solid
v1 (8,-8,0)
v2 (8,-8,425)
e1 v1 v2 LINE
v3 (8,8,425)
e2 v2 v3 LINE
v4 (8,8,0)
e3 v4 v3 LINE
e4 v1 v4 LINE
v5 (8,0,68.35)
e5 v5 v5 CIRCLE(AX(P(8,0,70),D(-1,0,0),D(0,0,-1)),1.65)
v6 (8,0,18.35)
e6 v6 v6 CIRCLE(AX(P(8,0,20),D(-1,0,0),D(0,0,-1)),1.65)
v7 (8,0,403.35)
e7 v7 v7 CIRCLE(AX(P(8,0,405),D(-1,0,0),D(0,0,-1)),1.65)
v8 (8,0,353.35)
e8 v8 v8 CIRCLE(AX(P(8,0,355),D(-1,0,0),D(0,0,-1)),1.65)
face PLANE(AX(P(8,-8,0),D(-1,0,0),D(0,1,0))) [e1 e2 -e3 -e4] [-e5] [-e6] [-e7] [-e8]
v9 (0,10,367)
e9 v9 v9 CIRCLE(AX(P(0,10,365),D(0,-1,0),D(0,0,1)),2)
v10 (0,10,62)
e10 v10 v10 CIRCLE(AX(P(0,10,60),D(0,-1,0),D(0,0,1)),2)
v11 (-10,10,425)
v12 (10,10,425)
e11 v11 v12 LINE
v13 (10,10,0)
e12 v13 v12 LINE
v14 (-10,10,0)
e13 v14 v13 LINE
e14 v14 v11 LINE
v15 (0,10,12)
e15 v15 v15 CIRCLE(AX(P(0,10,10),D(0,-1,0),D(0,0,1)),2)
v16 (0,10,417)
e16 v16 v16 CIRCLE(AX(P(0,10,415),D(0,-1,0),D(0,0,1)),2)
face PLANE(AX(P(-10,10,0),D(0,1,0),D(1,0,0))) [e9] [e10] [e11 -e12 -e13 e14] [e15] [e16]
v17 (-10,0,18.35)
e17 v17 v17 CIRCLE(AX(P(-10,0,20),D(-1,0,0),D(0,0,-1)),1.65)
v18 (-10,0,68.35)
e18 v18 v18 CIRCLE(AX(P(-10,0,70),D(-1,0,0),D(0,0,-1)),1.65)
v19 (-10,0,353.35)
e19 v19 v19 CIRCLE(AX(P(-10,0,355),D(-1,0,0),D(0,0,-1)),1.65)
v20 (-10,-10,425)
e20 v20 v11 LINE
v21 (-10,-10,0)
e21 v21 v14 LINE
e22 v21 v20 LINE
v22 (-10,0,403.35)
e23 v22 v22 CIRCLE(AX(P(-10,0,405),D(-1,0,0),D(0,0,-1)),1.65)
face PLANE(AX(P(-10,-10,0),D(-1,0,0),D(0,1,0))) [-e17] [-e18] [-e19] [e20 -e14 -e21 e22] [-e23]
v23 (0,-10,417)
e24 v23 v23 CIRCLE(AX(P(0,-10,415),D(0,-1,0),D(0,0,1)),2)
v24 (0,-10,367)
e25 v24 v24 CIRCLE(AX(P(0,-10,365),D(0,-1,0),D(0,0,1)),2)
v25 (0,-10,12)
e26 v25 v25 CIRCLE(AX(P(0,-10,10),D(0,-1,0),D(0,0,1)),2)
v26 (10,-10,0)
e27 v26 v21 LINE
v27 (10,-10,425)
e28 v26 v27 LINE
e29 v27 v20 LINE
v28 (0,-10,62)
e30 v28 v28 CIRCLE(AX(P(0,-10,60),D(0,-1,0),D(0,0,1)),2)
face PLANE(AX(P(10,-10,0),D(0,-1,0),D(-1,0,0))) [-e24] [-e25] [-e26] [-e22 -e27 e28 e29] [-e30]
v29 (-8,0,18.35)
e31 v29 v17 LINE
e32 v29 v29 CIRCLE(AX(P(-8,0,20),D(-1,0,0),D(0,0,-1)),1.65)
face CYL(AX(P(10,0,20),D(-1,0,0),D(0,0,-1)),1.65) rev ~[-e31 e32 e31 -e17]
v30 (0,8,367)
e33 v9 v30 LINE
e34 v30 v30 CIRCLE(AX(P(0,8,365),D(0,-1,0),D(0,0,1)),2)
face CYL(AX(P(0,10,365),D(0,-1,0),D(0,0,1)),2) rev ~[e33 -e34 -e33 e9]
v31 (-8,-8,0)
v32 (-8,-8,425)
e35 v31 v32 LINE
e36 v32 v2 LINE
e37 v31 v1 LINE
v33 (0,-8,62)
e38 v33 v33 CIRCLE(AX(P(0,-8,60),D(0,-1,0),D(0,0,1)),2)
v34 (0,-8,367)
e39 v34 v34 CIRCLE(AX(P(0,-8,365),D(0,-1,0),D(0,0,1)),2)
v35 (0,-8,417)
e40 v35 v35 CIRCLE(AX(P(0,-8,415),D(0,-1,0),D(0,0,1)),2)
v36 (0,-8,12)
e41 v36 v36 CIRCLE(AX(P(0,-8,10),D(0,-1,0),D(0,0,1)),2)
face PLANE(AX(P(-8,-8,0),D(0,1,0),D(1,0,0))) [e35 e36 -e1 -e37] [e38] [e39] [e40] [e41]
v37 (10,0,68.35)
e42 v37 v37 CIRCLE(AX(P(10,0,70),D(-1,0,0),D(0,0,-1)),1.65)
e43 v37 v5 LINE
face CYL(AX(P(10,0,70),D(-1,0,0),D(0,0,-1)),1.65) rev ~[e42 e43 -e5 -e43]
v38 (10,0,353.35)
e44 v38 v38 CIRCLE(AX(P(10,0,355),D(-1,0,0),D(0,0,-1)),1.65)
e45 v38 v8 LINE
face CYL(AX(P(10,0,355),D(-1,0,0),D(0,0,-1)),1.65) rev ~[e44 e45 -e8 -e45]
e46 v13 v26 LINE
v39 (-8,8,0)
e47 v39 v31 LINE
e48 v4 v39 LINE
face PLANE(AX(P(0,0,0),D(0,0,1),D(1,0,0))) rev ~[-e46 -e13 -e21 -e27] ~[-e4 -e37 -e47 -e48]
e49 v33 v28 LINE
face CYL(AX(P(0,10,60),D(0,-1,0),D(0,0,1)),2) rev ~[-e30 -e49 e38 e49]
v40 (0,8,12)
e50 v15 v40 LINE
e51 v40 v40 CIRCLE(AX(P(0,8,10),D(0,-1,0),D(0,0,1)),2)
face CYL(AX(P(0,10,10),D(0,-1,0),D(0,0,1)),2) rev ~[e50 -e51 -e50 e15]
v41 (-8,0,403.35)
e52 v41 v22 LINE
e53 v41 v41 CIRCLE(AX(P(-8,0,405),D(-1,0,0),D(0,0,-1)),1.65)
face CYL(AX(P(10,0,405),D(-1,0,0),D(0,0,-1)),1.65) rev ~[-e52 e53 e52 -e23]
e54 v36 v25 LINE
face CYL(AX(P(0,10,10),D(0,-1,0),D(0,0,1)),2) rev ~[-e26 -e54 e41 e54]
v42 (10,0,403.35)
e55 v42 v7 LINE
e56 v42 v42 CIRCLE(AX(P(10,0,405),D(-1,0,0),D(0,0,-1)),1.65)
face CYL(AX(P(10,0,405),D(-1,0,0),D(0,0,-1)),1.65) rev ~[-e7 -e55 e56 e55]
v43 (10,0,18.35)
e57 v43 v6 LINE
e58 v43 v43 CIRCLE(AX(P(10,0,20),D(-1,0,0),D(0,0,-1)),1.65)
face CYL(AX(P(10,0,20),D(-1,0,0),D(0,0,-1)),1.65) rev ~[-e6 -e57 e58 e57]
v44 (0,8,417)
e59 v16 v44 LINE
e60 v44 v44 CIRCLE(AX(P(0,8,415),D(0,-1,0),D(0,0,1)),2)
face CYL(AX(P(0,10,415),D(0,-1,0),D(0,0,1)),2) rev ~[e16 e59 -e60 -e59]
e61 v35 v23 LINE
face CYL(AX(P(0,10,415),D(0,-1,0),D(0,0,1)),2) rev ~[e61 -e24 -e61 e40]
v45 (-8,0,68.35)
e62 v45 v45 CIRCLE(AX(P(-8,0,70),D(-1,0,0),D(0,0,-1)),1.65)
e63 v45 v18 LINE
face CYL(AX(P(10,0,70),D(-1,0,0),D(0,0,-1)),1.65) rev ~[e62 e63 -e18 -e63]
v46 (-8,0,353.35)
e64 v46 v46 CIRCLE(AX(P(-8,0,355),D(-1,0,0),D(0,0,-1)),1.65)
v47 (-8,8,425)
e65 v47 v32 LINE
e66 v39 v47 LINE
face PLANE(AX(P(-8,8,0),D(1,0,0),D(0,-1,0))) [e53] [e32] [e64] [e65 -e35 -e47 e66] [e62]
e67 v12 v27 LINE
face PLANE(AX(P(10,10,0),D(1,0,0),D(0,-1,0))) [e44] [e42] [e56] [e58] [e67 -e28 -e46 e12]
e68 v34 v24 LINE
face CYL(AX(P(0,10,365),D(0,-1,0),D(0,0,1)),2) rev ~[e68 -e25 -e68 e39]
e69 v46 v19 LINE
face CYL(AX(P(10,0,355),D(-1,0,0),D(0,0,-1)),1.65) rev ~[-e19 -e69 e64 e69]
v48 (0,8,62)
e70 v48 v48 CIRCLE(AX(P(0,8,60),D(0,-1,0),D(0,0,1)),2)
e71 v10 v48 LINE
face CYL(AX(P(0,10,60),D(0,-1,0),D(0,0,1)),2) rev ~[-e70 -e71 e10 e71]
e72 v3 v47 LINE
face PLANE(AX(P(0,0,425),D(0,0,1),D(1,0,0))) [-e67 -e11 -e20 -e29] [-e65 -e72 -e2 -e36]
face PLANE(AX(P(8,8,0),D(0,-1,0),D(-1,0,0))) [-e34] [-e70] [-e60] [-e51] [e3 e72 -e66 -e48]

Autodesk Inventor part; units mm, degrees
ref_plane "YZ Plane" through (0, 0, 0) normal (1, 0, 0) x (0, 1, 0)
ref_plane "XZ Plane" through (0, 0, 0) normal (0, 1, 0) x (-1, 0, 0)
ref_plane "XY Plane" through (0, 0, 0) normal (0, 0, 1) x (1, 0, 0)
sketch "スケッチ1" plane through (0, 0, 0) normal (0, 0, 1) x (1, 0, 0)
  line L0 (10, -10) -> (-10, -10)
  line L1 (-10, -10) -> (-10, 10)
  line L2 (-10, 10) -> (10, 10)
  line L3 (10, 10) -> (10, -10)
  line L4 (10, -10) -> (-10, 10) construction
  line L5 (-10, -10) -> (10, 10) construction
  line L6 (8, 8) -> (-8, 8)
  line L7 (-8, 8) -> (-8, -8)
  line L8 (-8, -8) -> (8, -8)
  line L9 (8, -8) -> (8, 8)
  point P0 (0, 0)
  dimension "d0" = 20
  dimension "d1" = 20
  dimension "d2" = 2
extrude "押し出し1" add sketch "スケッチ1" along normal blind 425
sketch "スケッチ2" plane through (-10, 10, 0) normal (0, 1, 0) x (1, 0, 0)
  line L0 (10, 0) -> (10, -425)
  line L1 (2, -425) -> (18, -425) projected
  line L2 (20, 0) -> (0, 0) projected
  point P0 (10, -415)
  point P1 (10, -365)
  point P2 (10, -60)
  point P3 (10, -10)
  dimension "d5" = 10
  dimension "d6" = 50
  dimension "d7" = 50
  dimension "d9" = 10
hole "穴1" at (0, 10, 415) at (0, 10, 365) at (0, 10, 60) at (0, 10, 10) direction (0, -1, 0) diameter 4 end through all
sketch "スケッチ3" plane through (10, -10, 0) normal (1, 0, 0) x (0, 0, -1)
  line L0 (0, 10) -> (-425, 10)
  line L1 (-425, 20) -> (-425, 0) projected
  line L2 (0, 0) -> (0, 20) projected
  point P0 (-405, 10)
  point P1 (-355, 10)
  point P2 (-20, 10)
  point P3 (-70, 10)
  dimension "d17" = 20
  dimension "d18" = 50
  dimension "d19" = 20
  dimension "d20" = 50
hole "穴2" at (10, 0, 405) at (10, 0, 355) at (10, 0, 20) at (10, 0, 70) direction (-1, 0, 0) diameter 3.3 end through all
equation "\"d7\" = d6"
equation "\"d9\" = d5"
equation "\"d19\" = d17"
equation "\"d20\" = d18"
properties part number "aaa_small_kaku_2020_tka"
